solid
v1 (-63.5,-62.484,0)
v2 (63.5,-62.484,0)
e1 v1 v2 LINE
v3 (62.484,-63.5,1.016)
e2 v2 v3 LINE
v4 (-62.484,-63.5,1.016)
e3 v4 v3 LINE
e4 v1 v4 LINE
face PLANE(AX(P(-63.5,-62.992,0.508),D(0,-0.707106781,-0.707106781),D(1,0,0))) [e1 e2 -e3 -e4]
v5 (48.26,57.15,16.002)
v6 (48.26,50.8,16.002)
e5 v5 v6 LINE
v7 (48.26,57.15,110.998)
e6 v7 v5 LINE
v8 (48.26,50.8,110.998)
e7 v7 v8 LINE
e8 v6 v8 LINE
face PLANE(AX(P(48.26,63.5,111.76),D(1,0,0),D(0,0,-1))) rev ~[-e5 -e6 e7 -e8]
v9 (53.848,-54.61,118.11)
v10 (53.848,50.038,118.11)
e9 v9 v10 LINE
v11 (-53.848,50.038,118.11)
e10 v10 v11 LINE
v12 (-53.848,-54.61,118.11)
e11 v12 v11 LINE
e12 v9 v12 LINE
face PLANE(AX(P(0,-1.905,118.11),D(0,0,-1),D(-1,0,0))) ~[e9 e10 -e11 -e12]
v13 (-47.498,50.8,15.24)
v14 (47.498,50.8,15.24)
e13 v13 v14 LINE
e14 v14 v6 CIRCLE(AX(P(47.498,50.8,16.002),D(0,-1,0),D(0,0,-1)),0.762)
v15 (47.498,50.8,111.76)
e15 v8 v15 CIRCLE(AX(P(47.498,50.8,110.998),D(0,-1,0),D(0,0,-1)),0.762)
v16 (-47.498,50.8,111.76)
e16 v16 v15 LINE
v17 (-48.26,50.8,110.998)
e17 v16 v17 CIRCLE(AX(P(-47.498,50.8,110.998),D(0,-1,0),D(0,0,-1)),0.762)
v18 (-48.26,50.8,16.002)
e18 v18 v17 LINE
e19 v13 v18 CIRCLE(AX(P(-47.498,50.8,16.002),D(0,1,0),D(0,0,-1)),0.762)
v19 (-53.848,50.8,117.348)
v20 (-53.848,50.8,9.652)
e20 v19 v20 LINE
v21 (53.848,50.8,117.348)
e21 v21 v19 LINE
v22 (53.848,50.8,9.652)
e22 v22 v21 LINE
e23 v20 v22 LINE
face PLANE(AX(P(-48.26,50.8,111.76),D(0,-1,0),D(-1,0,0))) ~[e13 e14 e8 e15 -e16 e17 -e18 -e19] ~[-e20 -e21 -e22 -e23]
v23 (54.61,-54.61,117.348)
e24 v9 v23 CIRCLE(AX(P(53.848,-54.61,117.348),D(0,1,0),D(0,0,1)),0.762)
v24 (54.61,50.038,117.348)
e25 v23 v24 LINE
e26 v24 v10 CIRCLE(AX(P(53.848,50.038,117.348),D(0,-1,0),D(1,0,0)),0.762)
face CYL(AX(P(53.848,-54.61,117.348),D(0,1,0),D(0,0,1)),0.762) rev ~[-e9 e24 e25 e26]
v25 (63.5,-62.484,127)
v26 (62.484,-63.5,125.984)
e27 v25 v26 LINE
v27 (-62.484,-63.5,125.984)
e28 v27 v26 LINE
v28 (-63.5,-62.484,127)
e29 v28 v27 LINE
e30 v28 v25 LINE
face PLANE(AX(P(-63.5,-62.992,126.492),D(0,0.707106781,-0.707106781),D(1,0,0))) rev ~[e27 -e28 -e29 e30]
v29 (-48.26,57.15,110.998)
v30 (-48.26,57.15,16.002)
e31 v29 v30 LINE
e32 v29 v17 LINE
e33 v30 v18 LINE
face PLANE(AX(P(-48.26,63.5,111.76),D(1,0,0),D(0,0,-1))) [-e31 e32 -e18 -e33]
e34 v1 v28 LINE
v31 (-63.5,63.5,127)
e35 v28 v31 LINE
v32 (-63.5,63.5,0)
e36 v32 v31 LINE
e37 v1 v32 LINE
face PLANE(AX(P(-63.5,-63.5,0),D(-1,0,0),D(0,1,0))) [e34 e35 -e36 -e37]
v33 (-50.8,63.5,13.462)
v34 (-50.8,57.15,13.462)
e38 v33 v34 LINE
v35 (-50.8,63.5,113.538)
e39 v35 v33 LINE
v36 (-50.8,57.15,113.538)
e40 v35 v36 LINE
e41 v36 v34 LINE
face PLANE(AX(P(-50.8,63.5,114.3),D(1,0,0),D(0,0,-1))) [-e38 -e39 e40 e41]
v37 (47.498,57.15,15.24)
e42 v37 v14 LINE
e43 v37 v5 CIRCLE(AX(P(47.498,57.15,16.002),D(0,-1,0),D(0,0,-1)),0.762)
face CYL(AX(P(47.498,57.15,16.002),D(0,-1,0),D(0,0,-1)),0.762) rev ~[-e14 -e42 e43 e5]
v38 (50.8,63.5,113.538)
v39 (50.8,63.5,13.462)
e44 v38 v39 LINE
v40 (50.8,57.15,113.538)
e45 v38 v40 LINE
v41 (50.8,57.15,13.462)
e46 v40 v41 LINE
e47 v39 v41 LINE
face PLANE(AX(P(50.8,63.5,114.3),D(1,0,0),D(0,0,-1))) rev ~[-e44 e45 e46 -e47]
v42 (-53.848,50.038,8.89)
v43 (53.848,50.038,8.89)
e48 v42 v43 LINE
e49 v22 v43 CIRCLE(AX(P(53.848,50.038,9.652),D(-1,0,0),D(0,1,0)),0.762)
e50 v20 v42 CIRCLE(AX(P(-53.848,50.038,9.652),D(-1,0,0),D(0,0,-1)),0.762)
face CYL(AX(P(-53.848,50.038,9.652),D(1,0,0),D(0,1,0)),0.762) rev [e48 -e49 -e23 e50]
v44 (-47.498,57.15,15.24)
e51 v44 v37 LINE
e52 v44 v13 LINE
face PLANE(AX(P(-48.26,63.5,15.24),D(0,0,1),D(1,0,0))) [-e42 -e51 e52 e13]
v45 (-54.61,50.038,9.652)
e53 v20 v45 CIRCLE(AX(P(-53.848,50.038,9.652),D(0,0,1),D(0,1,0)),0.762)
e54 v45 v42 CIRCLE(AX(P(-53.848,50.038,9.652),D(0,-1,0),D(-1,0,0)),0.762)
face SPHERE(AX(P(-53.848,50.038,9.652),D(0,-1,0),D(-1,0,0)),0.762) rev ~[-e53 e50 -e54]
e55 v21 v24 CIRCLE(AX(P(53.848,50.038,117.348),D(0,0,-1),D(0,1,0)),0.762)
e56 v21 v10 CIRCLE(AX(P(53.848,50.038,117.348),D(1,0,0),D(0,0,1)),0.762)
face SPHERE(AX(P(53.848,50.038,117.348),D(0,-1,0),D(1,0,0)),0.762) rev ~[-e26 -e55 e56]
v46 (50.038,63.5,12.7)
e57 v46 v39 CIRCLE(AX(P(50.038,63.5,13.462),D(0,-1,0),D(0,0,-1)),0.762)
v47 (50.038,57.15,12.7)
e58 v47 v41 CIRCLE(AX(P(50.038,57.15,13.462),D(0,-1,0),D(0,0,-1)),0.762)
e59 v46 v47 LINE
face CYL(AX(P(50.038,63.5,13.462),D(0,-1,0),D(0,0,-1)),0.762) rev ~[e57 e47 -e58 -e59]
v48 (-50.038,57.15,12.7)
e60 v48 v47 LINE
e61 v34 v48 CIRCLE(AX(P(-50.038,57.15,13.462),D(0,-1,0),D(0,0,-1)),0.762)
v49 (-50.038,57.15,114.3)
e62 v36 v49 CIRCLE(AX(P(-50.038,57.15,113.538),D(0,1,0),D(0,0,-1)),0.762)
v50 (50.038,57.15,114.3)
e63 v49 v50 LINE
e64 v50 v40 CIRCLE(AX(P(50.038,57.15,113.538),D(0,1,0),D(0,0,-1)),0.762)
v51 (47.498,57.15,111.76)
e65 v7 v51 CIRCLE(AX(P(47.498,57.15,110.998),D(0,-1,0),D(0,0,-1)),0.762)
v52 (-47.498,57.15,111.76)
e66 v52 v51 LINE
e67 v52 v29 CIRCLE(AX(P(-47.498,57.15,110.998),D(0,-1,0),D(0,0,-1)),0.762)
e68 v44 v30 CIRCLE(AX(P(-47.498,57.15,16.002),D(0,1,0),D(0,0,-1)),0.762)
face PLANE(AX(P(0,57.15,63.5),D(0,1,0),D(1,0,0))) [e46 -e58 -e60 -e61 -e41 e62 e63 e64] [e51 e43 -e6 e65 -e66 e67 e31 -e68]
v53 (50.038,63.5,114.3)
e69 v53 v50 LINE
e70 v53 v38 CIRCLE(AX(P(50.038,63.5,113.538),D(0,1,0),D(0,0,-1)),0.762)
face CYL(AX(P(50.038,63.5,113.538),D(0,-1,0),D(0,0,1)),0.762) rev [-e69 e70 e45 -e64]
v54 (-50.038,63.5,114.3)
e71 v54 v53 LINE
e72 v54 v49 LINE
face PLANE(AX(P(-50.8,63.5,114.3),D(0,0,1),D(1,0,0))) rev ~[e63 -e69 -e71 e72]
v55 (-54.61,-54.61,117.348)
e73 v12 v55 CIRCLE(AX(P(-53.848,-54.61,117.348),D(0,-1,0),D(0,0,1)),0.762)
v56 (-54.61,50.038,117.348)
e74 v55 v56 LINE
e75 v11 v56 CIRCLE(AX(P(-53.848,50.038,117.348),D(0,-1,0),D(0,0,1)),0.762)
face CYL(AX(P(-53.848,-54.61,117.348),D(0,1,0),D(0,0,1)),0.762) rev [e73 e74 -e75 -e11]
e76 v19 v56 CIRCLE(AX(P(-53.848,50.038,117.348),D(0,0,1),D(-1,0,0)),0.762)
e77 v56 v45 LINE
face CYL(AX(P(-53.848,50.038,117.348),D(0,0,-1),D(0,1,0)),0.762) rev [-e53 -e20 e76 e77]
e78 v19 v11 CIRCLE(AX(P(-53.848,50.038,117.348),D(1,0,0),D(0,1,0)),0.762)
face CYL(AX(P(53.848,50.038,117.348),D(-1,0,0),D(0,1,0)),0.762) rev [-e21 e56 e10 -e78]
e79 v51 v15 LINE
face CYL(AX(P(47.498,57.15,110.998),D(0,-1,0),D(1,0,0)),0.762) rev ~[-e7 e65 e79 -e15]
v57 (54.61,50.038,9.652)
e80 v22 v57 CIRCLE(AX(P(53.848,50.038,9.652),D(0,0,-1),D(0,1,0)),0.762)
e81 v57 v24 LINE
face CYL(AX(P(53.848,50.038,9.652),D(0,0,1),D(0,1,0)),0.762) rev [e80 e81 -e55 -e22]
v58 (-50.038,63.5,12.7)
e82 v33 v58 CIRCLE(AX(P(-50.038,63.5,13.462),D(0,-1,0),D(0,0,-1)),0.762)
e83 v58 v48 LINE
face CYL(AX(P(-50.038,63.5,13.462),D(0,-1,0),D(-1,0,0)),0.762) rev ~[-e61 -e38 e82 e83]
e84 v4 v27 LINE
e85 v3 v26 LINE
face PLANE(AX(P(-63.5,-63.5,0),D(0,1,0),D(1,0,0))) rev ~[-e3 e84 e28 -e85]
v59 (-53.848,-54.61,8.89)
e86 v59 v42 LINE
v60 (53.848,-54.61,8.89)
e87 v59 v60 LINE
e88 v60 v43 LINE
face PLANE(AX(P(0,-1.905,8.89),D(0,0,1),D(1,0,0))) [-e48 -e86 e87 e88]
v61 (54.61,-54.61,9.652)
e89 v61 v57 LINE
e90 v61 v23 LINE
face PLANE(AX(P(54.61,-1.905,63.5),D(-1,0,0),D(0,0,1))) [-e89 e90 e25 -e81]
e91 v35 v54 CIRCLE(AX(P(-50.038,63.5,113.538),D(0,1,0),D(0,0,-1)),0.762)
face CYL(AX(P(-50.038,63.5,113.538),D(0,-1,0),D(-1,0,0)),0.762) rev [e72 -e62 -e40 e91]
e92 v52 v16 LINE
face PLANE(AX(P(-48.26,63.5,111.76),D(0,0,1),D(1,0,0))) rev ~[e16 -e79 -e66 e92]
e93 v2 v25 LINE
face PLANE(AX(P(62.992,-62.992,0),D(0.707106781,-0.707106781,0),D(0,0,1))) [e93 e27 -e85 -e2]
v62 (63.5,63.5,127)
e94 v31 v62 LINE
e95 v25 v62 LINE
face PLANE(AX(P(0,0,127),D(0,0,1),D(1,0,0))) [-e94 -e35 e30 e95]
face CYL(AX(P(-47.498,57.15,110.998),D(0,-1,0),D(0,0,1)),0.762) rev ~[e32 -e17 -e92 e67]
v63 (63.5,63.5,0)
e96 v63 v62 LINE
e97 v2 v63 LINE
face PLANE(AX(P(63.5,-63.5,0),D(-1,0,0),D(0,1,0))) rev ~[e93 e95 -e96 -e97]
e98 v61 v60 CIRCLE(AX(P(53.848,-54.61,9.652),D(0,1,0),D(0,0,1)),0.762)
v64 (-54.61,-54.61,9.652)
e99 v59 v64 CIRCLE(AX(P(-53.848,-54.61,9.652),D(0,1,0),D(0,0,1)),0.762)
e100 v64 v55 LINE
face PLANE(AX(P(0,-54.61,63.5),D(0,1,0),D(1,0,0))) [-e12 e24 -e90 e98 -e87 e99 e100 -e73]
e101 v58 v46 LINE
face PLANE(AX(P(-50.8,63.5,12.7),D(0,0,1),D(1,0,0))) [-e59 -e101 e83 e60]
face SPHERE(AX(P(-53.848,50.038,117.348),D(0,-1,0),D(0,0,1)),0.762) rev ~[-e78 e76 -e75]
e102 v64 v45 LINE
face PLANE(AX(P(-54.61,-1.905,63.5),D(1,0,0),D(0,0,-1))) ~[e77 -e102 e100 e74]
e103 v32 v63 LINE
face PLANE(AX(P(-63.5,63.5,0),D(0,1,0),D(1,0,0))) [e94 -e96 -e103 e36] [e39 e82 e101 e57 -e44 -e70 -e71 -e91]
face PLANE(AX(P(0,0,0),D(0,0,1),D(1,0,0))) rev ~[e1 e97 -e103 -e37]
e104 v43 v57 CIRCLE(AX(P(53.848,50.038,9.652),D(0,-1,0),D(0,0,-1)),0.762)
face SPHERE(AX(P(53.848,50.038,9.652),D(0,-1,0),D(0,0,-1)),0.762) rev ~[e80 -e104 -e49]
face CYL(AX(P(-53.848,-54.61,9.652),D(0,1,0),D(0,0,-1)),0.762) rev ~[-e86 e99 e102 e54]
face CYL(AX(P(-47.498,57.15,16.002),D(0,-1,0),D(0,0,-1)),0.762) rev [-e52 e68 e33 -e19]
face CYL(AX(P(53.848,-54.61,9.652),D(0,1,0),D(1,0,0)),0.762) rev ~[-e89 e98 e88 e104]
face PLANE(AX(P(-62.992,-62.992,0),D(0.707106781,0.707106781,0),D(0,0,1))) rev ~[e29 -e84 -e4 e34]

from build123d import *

# Parameters (mm, degrees)
SKETCH1_W           = 127
SKETCH1_H           = 127
BOSS_EXTRUDE1_DEPTH = 127
SKETCH2_W           = 96.52
SKETCH2_H           = 96.52
CUT_EXTRUDE1_DEPTH  = 118.11
SKETCH3_W           = 101.6
SKETCH3_H           = 101.6
SKETCH3_W_2         = 96.52
SKETCH3_H_2         = 96.52
CUT_EXTRUDE2_DEPTH  = 6.35
SKETCH5_W           = 96.52
SKETCH5_H           = 105.41
CUT_EXTRUDE3_DEPTH  = 6.35
SKETCH6_W           = 109.22
SKETCH6_H           = 105.41
CUT_EXTRUDE4_DEPTH  = 6.35
CHAMFER1_SIZE       = 1.016
FILLET2_R           = 0.762
FILLET3_R           = 0.762
FILLET4_R           = 0.762


with BuildPart() as part:
    # Sketch1 → Boss-Extrude1 (new body)
    with BuildSketch(Plane.XY):
        Rectangle(SKETCH1_W, SKETCH1_H)
    extrude(amount=BOSS_EXTRUDE1_DEPTH)

    # Sketch2 → Cut-Extrude1 (cut)
    with BuildSketch(Plane(origin=(0, 63.5, 0), x_dir=(1, 0, 0), z_dir=(0, 1, 0))):
        with Locations((0, -63.5)):
            Rectangle(SKETCH2_W, SKETCH2_H)
    extrude(amount=-CUT_EXTRUDE1_DEPTH, mode=Mode.SUBTRACT)

    # Sketch3 → Cut-Extrude2 (cut)
    with BuildSketch(Plane(origin=(0, 63.5, 0), x_dir=(1, 0, 0), z_dir=(0, 1, 0))):
        with Locations((0, -63.5)):
            Rectangle(SKETCH3_W, SKETCH3_H)
        with Locations((0, -63.5)):
            Rectangle(SKETCH3_W_2, SKETCH3_H_2, mode=Mode.SUBTRACT)
    extrude(amount=-CUT_EXTRUDE2_DEPTH, mode=Mode.SUBTRACT)

    # Sketch5 → Cut-Extrude3 (cut)
    with BuildSketch(Plane.XY.offset(15.24)):
        with Locations((0, -1.905)):
            Rectangle(SKETCH5_W, SKETCH5_H)
    cut_extrude3 = extrude(amount=-CUT_EXTRUDE3_DEPTH, mode=Mode.SUBTRACT)

    # Mirror1: Cut-Extrude3 across plane
    add(cut_extrude3.mirror(Plane(origin=(0, 0, 63.5), x_dir=(1, 0, 0), z_dir=(0, 0, -1))), mode=Mode.SUBTRACT)

    # Sketch6 → Cut-Extrude4 (cut)
    with BuildSketch(Plane.ZY.offset(-48.26)):
        with Locations((63.5, -1.905)):
            Rectangle(SKETCH6_W, SKETCH6_H)
    cut_extrude4 = extrude(amount=-CUT_EXTRUDE4_DEPTH, mode=Mode.SUBTRACT)

    # Mirror2: Cut-Extrude4 across plane
    add(cut_extrude4.mirror(Plane(origin=(0, 0, 0), x_dir=(0, 0, 1), z_dir=(1, 0, 0))), mode=Mode.SUBTRACT)

    # Chamfer1
    chamfer1_edges = [part.edges().sort_by_distance(p)[0] for p in [
        (0, -63.5, 127),
        (0, -63.5, 0),
        (63.5, -63.5, 63.5),
        (-63.5, -63.5, 63.5),
    ]]
    chamfer(chamfer1_edges, length=CHAMFER1_SIZE)

    # Fillet2
    fillet2_edges = [part.edges().sort_by_distance(p)[0] for p in [
        (54.61, -1.905, 8.89),
        (54.61, -1.905, 118.11),
        (-54.61, -1.905, 8.89),
        (-54.61, -1.905, 118.11),
    ]]
    fillet(fillet2_edges, radius=FILLET2_R)

    # Fillet3
    fillet3_edges = [part.edges().sort_by_distance(p)[0] for p in [
        (-50.8, 60.325, 114.3),
        (-50.8, 60.325, 12.7),
        (50.8, 60.325, 12.7),
        (50.8, 60.325, 114.3),
        (-48.26, 53.975, 15.24),
        (48.26, 53.975, 15.24),
        (48.26, 53.975, 111.76),
        (-48.26, 53.975, 111.76),
    ]]
    fillet(fillet3_edges, radius=FILLET3_R)

    # Fillet4
    fillet4_edges = [part.edges().sort_by_distance(p)[0] for p in [
        (54.61, 50.8, 63.5),
        (-54.61, 50.8, 63.5),
        (0, 50.8, 8.89),
        (0, 50.8, 118.11),
        (-54.386815367, 50.8, 9.113184633),
        (54.386815367, 50.8, 9.113184633),
        (-54.386815367, 50.8, 117.886815367),
        (54.386815367, 50.8, 117.886815367),
    ]]
    fillet(fillet4_edges, radius=FILLET4_R)


solid = part.part
